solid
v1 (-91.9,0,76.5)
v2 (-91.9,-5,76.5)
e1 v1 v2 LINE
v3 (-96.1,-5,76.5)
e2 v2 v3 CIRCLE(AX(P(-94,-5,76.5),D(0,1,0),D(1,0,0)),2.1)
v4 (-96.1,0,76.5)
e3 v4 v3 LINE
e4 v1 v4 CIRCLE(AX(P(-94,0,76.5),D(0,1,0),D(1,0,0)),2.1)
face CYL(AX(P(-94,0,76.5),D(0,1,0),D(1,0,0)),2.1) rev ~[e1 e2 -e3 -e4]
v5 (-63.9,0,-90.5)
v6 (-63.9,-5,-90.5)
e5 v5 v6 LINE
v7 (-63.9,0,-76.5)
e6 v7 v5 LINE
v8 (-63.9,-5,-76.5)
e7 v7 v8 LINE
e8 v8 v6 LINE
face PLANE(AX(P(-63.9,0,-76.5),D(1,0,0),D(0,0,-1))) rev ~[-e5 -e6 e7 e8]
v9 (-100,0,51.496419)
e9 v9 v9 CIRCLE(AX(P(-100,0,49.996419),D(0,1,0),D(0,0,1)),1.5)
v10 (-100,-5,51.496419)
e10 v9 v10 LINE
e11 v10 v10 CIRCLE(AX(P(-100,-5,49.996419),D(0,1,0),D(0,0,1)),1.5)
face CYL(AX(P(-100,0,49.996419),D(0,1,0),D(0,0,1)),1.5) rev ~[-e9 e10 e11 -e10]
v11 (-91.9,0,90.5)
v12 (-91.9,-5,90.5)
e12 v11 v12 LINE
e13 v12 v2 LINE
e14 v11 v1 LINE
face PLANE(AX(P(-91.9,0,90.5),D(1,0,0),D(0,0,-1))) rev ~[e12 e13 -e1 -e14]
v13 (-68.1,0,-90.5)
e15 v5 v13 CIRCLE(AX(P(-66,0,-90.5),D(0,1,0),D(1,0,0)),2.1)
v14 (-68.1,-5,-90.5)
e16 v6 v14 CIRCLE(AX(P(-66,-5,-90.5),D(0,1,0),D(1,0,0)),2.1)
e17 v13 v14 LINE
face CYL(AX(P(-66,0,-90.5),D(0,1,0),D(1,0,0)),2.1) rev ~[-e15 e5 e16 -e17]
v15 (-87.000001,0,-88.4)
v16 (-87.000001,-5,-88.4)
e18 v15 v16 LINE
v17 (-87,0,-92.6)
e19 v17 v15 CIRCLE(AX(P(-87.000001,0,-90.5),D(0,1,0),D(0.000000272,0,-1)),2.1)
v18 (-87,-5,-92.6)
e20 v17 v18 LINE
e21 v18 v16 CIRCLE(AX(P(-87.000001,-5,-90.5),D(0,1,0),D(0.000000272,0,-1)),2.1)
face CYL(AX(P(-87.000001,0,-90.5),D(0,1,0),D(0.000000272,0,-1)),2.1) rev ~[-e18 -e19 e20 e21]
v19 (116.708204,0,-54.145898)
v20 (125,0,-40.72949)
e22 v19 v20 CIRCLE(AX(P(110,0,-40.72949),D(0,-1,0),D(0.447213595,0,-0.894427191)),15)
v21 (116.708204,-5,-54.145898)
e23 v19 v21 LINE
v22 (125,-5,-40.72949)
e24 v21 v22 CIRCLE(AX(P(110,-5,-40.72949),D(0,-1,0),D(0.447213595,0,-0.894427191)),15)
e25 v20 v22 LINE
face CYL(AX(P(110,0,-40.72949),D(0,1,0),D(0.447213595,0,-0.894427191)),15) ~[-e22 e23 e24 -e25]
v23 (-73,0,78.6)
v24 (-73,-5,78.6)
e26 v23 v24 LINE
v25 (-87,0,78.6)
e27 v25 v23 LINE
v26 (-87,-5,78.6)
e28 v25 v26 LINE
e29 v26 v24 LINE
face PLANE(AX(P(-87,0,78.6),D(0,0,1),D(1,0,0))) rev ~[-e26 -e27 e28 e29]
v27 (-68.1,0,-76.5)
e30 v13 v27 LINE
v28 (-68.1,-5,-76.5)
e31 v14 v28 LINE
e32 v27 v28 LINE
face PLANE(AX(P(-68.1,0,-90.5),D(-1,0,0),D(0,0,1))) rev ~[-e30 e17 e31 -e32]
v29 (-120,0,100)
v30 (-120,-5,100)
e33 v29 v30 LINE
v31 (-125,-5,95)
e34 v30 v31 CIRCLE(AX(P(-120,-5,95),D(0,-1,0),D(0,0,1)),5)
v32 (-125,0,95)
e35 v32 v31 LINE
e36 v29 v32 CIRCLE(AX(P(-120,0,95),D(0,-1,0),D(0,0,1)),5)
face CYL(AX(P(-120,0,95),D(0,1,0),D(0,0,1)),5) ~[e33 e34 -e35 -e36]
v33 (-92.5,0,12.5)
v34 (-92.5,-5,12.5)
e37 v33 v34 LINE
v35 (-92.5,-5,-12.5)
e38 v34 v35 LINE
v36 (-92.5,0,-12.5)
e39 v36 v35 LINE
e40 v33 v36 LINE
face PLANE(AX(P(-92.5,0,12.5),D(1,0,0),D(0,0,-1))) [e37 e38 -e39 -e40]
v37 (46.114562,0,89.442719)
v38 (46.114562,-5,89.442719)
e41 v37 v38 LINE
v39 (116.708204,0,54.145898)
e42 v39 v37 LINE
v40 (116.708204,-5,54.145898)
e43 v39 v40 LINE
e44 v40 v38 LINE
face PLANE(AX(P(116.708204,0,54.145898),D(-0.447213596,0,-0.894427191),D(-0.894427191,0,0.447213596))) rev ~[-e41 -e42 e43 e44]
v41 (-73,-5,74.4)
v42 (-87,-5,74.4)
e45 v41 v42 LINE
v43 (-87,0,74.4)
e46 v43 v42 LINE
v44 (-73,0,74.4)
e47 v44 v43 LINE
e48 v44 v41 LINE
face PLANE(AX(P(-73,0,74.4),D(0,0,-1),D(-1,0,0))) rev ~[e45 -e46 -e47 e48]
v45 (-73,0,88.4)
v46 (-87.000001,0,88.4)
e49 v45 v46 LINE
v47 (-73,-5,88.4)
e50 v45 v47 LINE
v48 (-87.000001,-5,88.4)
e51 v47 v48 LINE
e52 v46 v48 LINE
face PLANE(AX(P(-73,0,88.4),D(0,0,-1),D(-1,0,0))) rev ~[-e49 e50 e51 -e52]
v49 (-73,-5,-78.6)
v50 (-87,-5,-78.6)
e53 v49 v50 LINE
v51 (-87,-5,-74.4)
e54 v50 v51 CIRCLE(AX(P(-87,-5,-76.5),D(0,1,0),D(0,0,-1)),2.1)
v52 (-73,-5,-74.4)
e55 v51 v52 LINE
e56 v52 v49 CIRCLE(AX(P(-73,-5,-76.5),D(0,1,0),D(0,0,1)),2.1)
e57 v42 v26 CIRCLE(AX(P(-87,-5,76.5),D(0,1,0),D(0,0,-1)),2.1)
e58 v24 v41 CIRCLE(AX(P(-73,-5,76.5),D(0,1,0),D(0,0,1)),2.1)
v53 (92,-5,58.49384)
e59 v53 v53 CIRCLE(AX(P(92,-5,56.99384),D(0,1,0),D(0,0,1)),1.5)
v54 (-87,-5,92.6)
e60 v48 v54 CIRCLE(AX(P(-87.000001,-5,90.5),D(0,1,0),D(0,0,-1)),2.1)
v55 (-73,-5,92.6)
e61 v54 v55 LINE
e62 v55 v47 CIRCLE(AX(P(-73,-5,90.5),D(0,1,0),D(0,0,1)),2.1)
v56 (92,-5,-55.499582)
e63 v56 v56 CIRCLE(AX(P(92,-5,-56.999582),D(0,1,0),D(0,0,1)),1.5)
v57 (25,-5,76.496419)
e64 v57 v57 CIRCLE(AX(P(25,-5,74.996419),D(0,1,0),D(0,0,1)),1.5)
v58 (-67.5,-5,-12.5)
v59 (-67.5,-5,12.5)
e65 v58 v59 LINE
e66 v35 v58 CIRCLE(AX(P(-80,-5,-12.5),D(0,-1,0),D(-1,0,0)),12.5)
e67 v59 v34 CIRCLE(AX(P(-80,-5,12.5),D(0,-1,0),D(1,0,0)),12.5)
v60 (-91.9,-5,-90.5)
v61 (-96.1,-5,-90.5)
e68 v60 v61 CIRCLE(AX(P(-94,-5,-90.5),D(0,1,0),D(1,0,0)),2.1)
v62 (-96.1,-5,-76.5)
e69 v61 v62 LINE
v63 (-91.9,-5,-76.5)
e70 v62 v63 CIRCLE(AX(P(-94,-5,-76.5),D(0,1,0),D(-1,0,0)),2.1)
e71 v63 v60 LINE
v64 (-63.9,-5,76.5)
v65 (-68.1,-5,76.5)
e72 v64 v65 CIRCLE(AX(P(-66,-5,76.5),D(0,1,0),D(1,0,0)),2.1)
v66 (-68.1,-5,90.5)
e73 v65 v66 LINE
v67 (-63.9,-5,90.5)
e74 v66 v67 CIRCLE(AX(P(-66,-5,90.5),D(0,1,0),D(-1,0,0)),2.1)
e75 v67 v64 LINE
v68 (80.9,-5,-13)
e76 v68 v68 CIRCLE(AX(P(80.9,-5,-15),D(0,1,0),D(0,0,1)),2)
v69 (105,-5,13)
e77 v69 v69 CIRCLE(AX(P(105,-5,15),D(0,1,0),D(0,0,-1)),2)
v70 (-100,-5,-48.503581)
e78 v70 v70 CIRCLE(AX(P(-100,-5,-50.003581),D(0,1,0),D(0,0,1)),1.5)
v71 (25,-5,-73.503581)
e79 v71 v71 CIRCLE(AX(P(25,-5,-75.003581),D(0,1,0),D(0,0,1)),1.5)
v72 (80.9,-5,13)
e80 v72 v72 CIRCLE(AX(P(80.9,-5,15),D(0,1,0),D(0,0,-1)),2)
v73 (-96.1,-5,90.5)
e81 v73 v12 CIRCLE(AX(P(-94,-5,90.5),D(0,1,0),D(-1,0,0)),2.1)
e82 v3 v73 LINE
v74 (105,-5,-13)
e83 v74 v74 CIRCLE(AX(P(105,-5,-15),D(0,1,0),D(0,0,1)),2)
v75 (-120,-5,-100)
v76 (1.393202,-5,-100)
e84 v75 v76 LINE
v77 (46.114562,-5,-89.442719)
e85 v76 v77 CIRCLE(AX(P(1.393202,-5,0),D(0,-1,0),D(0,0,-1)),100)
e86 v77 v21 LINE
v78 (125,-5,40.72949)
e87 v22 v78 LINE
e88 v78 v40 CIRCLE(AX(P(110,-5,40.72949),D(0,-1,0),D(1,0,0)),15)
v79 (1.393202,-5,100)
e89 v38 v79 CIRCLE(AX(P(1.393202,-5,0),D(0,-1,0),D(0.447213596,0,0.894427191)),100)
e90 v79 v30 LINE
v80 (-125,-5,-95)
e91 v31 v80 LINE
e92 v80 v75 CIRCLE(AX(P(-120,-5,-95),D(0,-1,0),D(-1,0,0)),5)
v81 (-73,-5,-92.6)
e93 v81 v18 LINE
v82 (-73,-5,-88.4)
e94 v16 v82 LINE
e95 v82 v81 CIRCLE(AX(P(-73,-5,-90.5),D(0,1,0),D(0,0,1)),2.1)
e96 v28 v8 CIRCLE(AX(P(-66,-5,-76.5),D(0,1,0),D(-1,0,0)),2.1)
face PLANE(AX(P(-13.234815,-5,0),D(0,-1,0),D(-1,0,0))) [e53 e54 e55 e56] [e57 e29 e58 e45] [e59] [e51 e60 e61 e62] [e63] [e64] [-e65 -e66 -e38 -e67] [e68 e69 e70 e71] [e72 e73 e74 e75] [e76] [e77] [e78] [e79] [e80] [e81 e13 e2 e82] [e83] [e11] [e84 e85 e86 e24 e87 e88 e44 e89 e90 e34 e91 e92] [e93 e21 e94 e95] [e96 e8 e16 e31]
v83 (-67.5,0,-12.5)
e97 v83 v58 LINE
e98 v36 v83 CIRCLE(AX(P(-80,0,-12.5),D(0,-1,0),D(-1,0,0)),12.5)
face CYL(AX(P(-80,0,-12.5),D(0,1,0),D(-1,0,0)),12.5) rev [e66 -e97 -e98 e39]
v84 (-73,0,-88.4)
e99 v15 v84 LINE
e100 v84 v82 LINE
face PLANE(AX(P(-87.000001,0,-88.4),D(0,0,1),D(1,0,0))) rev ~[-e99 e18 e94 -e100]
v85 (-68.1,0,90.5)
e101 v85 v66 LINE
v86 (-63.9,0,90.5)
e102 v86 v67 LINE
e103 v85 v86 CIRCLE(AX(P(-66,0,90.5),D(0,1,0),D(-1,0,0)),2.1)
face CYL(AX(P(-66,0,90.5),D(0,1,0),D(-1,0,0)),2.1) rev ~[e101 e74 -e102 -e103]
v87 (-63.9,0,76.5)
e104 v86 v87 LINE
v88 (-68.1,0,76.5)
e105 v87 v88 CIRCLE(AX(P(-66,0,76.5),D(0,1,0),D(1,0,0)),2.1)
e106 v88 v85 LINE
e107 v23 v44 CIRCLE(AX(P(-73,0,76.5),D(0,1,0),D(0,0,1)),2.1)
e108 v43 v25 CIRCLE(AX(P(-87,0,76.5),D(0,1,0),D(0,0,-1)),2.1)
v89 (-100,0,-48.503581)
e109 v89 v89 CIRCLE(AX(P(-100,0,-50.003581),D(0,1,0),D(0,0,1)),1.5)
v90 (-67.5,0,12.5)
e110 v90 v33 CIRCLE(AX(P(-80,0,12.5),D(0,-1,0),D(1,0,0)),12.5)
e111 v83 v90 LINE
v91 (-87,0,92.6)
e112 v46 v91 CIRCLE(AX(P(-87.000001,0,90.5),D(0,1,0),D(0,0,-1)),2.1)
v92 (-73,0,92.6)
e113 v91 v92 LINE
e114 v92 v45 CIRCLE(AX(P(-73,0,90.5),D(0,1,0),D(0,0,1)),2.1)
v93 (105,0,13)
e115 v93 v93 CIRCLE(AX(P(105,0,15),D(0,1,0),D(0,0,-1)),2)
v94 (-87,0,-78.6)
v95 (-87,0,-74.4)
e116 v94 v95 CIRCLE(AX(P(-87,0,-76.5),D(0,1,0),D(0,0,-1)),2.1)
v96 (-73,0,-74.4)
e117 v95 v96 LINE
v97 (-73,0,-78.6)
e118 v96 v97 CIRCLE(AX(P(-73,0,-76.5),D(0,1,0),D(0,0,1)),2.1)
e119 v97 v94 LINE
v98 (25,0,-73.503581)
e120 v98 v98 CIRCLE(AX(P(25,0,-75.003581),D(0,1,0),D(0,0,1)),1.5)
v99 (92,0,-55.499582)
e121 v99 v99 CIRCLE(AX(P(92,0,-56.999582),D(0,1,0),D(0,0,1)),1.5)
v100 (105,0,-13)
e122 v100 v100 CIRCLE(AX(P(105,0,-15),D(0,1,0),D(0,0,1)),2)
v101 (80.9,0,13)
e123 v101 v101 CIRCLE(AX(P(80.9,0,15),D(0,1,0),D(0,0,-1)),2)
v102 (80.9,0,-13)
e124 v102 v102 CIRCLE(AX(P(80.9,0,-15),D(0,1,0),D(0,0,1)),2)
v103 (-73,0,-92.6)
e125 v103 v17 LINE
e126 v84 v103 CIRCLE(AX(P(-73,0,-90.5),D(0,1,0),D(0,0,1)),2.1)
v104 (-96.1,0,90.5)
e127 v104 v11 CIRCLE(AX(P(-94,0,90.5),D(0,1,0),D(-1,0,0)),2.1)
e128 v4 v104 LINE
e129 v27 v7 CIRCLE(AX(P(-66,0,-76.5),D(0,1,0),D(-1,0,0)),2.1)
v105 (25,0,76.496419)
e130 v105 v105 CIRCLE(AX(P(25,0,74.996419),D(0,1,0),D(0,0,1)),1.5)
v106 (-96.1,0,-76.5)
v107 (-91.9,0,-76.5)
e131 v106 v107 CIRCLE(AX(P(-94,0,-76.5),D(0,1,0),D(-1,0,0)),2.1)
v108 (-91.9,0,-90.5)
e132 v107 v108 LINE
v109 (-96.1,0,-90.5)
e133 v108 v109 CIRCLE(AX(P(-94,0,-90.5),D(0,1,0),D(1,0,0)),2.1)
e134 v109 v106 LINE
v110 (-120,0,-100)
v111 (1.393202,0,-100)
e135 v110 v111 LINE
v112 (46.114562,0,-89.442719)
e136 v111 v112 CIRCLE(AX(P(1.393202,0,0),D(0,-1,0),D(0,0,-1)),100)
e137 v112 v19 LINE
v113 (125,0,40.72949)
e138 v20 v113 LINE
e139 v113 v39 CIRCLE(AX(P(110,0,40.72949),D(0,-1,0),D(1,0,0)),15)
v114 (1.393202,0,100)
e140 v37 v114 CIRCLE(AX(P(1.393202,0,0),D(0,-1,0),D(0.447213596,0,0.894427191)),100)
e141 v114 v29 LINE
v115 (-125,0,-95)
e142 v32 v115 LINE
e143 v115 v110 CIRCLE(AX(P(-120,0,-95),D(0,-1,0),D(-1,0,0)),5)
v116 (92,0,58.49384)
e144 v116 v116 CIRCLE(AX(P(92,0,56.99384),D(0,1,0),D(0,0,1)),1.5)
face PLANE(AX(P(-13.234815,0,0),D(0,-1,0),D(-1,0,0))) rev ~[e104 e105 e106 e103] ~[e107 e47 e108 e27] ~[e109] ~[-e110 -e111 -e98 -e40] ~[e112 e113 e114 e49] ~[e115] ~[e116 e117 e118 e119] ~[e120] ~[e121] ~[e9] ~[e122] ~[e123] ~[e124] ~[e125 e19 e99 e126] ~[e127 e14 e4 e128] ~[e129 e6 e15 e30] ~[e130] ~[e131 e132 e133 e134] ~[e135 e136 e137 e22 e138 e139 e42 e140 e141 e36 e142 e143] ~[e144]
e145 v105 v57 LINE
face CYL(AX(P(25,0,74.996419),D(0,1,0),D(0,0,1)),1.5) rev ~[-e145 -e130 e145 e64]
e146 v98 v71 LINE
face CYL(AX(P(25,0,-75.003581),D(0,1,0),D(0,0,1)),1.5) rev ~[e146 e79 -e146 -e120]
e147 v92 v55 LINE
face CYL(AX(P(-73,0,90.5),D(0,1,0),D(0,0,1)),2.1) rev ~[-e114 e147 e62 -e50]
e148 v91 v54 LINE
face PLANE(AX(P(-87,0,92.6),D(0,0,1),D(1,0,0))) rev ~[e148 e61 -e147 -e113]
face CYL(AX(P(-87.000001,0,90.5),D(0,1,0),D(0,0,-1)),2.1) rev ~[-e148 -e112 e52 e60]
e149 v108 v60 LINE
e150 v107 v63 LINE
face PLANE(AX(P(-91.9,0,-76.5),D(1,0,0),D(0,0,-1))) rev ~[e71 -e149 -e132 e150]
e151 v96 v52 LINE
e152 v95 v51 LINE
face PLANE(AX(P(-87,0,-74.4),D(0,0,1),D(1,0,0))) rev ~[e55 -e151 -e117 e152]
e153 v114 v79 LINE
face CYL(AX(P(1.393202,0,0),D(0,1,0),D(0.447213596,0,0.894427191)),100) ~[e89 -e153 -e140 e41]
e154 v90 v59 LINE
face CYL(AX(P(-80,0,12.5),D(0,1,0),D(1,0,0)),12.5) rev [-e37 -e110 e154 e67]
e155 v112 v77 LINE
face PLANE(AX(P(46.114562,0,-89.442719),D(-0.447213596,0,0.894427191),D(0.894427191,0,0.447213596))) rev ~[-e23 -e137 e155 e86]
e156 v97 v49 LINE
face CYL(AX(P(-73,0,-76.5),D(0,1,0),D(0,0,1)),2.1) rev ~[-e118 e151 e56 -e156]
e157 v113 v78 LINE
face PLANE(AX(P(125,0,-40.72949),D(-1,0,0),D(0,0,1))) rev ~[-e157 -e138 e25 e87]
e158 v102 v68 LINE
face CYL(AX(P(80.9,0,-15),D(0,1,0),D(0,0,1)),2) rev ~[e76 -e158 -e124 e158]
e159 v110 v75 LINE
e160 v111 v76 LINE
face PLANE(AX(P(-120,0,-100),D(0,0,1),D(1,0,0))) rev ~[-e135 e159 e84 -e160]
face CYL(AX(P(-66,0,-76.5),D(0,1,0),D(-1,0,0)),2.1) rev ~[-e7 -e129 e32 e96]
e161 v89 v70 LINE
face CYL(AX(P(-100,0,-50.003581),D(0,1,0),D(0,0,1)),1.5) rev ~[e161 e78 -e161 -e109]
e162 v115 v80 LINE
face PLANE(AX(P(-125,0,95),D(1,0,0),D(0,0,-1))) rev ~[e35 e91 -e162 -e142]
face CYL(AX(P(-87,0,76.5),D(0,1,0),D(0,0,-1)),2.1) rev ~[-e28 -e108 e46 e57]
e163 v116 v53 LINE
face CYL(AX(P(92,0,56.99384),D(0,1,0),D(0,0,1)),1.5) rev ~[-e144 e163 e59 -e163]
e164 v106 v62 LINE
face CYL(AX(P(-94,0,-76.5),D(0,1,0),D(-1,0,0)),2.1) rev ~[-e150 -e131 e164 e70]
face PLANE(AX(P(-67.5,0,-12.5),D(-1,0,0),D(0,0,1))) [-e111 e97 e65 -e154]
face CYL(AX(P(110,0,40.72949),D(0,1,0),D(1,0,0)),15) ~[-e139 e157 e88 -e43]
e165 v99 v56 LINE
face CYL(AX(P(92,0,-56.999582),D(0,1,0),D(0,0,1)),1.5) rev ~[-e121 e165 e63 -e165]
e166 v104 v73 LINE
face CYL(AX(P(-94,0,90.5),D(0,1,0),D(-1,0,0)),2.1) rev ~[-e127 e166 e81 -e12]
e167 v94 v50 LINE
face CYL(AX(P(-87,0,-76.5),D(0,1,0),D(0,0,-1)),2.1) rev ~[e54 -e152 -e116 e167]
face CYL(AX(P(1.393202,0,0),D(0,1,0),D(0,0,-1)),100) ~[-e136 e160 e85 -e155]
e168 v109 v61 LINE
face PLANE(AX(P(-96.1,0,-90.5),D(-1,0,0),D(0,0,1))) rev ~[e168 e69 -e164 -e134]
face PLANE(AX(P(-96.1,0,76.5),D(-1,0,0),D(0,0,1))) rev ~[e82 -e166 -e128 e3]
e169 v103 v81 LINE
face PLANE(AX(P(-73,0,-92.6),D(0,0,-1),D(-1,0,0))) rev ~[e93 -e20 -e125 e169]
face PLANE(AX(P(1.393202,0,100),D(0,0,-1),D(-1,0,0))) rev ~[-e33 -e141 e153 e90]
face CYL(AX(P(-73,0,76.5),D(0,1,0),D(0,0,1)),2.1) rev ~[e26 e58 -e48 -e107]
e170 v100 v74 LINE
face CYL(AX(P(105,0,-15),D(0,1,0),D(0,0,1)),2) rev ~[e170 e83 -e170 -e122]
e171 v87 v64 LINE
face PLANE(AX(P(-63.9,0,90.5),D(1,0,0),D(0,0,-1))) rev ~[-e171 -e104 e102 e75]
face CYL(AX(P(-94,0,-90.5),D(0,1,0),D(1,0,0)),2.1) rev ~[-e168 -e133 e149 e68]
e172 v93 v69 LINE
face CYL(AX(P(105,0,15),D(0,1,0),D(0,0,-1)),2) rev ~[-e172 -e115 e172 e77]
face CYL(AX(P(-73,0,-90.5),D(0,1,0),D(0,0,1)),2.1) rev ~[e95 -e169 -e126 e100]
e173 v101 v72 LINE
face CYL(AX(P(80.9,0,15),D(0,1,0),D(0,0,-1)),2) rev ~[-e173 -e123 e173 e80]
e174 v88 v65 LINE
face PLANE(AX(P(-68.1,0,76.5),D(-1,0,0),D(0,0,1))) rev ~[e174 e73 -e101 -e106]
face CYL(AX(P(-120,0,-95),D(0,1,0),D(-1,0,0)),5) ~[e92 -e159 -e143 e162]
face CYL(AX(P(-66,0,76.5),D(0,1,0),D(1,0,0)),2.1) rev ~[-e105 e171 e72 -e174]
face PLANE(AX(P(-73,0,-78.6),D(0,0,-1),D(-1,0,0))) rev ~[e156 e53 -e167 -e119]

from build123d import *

# Parameters (mm, degrees)
BOSS_EXTRUDE2_DEPTH = 5
SKETCH7_R           = 1.5
CUT_EXTRUDE1_DEPTH  = 5
CUT_EXTRUDE2_DEPTH  = 5
SKETCH14_R          = 1.5
CUT_EXTRUDE3_DEPTH  = 161.15617378
SKETCH16_R          = 2
CUT_EXTRUDE4_DEPTH  = 161.15617378
CUT_EXTRUDE5_DEPTH  = 5


with BuildPart() as part:
    # Sketch1 → Boss-Extrude2 (new body)
    with BuildSketch(Plane(origin=(0, 0, 0), x_dir=(1, 0, 0), z_dir=(0, 1, 0))):
        with BuildLine():
            Line((-120, 100), (1.39320225, 100))
            ThreePointArc((1.39320225, 100), (24.368494305, 97.324898947), (46.1145618, 89.4427191))
            Line((46.1145618, 89.4427191), (116.708203932, 54.145898034))
            ThreePointArc((116.708203932, 54.145898034), (122.759762125, 48.615456851), (125, 40.729490169))
            Line((125, 40.729490169), (125, -40.729490169))
            ThreePointArc((125, -40.729490169), (122.759762125, -48.615456851), (116.708203932, -54.145898034))
            Line((116.708203932, -54.145898034), (46.1145618, -89.4427191))
            ThreePointArc((46.1145618, -89.4427191), (24.368494305, -97.324898947), (1.39320225, -100))
            Line((1.39320225, -100), (-120, -100))
            ThreePointArc((-120, -100), (-123.535533906, -98.535533906), (-125, -95))
            Line((-125, -95), (-125, 95))
            ThreePointArc((-125, 95), (-123.535533906, 98.535533906), (-120, 100))
        make_face()
    extrude(amount=-BOSS_EXTRUDE2_DEPTH)

    # Sketch7 → Cut-Extrude1 (cut)
    with BuildSketch(Plane(origin=(0, 0, 0), x_dir=(1, 0, 0), z_dir=(0, 1, 0))):
        with Locations(Location((-100, 50.003580751, 0), (0, 0, 270))):
            Circle(SKETCH7_R)
        with Locations(Location((-100, -49.996419249, 0), (0, 0, 270))):
            Circle(SKETCH7_R)
        with Locations(Location((25, 75.003580751, 0), (0, 0, 270))):
            Circle(SKETCH7_R)
        with Locations(Location((25, -74.996419249, 0), (0, 0, 270))):
            Circle(SKETCH7_R)
    extrude(amount=-CUT_EXTRUDE1_DEPTH, mode=Mode.SUBTRACT)

    # Sketch8 → Cut-Extrude2 (cut)
    with BuildSketch(Plane(origin=(0, 0, 0), x_dir=(1, 0, 0), z_dir=(0, 1, 0))):
        with BuildLine():
            Line((-96.1, 90.5), (-96.1, 76.5))
            ThreePointArc((-96.1, 76.5), (-94, 74.4), (-91.9, 76.5))
            Line((-91.9, 76.5), (-91.9, 90.5))
            ThreePointArc((-91.9, 90.5), (-94, 92.6), (-96.1, 90.5))
        make_face()
        with BuildLine():
            Line((-68.1, 90.5), (-68.1, 76.5))
            ThreePointArc((-68.1, 76.5), (-66, 74.4), (-63.9, 76.5))
            Line((-63.9, 76.5), (-63.9, 90.5))
            ThreePointArc((-63.9, 90.5), (-66, 92.6), (-68.1, 90.5))
        make_face()
        with BuildLine():
            Line((-87.000000572, 88.4), (-73, 88.4))
            ThreePointArc((-73, 88.4), (-70.9, 90.5), (-73, 92.6))
            Line((-73, 92.6), (-87, 92.6))
            ThreePointArc((-87, 92.6), (-89.100000572, 90.500000286), (-87.000000572, 88.4))
        make_face()
        with BuildLine():
            Line((-87, 74.4), (-73, 74.4))
            ThreePointArc((-73, 74.4), (-70.9, 76.5), (-73, 78.6))
            Line((-73, 78.6), (-87, 78.6))
            ThreePointArc((-87, 78.6), (-89.1, 76.5), (-87, 74.4))
        make_face()
        with BuildLine():
            Line((-87, -78.6), (-73, -78.6))
            ThreePointArc((-73, -78.6), (-70.9, -76.5), (-73, -74.4))
            Line((-73, -74.4), (-87, -74.4))
            ThreePointArc((-87, -74.4), (-89.1, -76.5), (-87, -78.6))
        make_face()
        with BuildLine():
            Line((-87, -92.6), (-73, -92.6))
            ThreePointArc((-73, -92.6), (-70.9, -90.5), (-73, -88.4))
            Line((-73, -88.4), (-87.000000572, -88.4))
            ThreePointArc((-87.000000572, -88.4), (-89.100000572, -90.500000286), (-87, -92.6))
        make_face()
        with BuildLine():
            Line((-63.9, -90.5), (-63.9, -76.5))
            ThreePointArc((-63.9, -76.5), (-66, -74.4), (-68.1, -76.5))
            Line((-68.1, -76.5), (-68.1, -90.5))
            ThreePointArc((-68.1, -90.5), (-66, -92.6), (-63.9, -90.5))
        make_face()
        with BuildLine():
            Line((-91.9, -90.5), (-91.9, -76.5))
            ThreePointArc((-91.9, -76.5), (-94, -74.4), (-96.1, -76.5))
            Line((-96.1, -76.5), (-96.1, -90.5))
            ThreePointArc((-96.1, -90.5), (-94, -92.6), (-91.9, -90.5))
        make_face()
    extrude(amount=-CUT_EXTRUDE2_DEPTH, mode=Mode.SUBTRACT)

    # Sketch14 → Cut-Extrude3 (cut, through all)
    with BuildSketch(Plane(origin=(0, 0, 0), x_dir=(1, 0, 0), z_dir=(0, 1, 0))):
        with Locations(Location((92, -56.993839984, 0), (0, 0, 270))):
            Circle(SKETCH14_R)
        with Locations(Location((92, 56.999582207, 0), (0, 0, 270))):
            Circle(SKETCH14_R)
    extrude(amount=-CUT_EXTRUDE3_DEPTH, mode=Mode.SUBTRACT)

    # Sketch16 → Cut-Extrude4 (cut, through all)
    with BuildSketch(Plane(origin=(0, 0, 0), x_dir=(1, 0, 0), z_dir=(0, 1, 0))):
        with Locations(Location((80.9, 15, 0), (0, 0, 270))):
            Circle(SKETCH16_R)
        with Locations(Location((105, 15, 0), (0, 0, 270))):
            Circle(SKETCH16_R)
        with Locations(Location((105, -15, 0), (0, 0, 90))):
            Circle(SKETCH16_R)
        with Locations(Location((80.9, -15, 0), (0, 0, 90))):
            Circle(SKETCH16_R)
    extrude(amount=-CUT_EXTRUDE4_DEPTH, mode=Mode.SUBTRACT)

    # Sketch17 → Cut-Extrude5 (cut)
    with BuildSketch(Plane(origin=(0, 0, 0), x_dir=(1, 0, 0), z_dir=(0, 1, 0))):
        with BuildLine():
            Line((-67.5, 12.5), (-67.5, -12.5))
            ThreePointArc((-67.5, -12.5), (-80, -25), (-92.5, -12.5))
            Line((-92.5, -12.5), (-92.5, 12.5))
            ThreePointArc((-92.5, 12.5), (-80, 25), (-67.5, 12.5))
        make_face()
    extrude(amount=-CUT_EXTRUDE5_DEPTH, mode=Mode.SUBTRACT)


solid = part.part
